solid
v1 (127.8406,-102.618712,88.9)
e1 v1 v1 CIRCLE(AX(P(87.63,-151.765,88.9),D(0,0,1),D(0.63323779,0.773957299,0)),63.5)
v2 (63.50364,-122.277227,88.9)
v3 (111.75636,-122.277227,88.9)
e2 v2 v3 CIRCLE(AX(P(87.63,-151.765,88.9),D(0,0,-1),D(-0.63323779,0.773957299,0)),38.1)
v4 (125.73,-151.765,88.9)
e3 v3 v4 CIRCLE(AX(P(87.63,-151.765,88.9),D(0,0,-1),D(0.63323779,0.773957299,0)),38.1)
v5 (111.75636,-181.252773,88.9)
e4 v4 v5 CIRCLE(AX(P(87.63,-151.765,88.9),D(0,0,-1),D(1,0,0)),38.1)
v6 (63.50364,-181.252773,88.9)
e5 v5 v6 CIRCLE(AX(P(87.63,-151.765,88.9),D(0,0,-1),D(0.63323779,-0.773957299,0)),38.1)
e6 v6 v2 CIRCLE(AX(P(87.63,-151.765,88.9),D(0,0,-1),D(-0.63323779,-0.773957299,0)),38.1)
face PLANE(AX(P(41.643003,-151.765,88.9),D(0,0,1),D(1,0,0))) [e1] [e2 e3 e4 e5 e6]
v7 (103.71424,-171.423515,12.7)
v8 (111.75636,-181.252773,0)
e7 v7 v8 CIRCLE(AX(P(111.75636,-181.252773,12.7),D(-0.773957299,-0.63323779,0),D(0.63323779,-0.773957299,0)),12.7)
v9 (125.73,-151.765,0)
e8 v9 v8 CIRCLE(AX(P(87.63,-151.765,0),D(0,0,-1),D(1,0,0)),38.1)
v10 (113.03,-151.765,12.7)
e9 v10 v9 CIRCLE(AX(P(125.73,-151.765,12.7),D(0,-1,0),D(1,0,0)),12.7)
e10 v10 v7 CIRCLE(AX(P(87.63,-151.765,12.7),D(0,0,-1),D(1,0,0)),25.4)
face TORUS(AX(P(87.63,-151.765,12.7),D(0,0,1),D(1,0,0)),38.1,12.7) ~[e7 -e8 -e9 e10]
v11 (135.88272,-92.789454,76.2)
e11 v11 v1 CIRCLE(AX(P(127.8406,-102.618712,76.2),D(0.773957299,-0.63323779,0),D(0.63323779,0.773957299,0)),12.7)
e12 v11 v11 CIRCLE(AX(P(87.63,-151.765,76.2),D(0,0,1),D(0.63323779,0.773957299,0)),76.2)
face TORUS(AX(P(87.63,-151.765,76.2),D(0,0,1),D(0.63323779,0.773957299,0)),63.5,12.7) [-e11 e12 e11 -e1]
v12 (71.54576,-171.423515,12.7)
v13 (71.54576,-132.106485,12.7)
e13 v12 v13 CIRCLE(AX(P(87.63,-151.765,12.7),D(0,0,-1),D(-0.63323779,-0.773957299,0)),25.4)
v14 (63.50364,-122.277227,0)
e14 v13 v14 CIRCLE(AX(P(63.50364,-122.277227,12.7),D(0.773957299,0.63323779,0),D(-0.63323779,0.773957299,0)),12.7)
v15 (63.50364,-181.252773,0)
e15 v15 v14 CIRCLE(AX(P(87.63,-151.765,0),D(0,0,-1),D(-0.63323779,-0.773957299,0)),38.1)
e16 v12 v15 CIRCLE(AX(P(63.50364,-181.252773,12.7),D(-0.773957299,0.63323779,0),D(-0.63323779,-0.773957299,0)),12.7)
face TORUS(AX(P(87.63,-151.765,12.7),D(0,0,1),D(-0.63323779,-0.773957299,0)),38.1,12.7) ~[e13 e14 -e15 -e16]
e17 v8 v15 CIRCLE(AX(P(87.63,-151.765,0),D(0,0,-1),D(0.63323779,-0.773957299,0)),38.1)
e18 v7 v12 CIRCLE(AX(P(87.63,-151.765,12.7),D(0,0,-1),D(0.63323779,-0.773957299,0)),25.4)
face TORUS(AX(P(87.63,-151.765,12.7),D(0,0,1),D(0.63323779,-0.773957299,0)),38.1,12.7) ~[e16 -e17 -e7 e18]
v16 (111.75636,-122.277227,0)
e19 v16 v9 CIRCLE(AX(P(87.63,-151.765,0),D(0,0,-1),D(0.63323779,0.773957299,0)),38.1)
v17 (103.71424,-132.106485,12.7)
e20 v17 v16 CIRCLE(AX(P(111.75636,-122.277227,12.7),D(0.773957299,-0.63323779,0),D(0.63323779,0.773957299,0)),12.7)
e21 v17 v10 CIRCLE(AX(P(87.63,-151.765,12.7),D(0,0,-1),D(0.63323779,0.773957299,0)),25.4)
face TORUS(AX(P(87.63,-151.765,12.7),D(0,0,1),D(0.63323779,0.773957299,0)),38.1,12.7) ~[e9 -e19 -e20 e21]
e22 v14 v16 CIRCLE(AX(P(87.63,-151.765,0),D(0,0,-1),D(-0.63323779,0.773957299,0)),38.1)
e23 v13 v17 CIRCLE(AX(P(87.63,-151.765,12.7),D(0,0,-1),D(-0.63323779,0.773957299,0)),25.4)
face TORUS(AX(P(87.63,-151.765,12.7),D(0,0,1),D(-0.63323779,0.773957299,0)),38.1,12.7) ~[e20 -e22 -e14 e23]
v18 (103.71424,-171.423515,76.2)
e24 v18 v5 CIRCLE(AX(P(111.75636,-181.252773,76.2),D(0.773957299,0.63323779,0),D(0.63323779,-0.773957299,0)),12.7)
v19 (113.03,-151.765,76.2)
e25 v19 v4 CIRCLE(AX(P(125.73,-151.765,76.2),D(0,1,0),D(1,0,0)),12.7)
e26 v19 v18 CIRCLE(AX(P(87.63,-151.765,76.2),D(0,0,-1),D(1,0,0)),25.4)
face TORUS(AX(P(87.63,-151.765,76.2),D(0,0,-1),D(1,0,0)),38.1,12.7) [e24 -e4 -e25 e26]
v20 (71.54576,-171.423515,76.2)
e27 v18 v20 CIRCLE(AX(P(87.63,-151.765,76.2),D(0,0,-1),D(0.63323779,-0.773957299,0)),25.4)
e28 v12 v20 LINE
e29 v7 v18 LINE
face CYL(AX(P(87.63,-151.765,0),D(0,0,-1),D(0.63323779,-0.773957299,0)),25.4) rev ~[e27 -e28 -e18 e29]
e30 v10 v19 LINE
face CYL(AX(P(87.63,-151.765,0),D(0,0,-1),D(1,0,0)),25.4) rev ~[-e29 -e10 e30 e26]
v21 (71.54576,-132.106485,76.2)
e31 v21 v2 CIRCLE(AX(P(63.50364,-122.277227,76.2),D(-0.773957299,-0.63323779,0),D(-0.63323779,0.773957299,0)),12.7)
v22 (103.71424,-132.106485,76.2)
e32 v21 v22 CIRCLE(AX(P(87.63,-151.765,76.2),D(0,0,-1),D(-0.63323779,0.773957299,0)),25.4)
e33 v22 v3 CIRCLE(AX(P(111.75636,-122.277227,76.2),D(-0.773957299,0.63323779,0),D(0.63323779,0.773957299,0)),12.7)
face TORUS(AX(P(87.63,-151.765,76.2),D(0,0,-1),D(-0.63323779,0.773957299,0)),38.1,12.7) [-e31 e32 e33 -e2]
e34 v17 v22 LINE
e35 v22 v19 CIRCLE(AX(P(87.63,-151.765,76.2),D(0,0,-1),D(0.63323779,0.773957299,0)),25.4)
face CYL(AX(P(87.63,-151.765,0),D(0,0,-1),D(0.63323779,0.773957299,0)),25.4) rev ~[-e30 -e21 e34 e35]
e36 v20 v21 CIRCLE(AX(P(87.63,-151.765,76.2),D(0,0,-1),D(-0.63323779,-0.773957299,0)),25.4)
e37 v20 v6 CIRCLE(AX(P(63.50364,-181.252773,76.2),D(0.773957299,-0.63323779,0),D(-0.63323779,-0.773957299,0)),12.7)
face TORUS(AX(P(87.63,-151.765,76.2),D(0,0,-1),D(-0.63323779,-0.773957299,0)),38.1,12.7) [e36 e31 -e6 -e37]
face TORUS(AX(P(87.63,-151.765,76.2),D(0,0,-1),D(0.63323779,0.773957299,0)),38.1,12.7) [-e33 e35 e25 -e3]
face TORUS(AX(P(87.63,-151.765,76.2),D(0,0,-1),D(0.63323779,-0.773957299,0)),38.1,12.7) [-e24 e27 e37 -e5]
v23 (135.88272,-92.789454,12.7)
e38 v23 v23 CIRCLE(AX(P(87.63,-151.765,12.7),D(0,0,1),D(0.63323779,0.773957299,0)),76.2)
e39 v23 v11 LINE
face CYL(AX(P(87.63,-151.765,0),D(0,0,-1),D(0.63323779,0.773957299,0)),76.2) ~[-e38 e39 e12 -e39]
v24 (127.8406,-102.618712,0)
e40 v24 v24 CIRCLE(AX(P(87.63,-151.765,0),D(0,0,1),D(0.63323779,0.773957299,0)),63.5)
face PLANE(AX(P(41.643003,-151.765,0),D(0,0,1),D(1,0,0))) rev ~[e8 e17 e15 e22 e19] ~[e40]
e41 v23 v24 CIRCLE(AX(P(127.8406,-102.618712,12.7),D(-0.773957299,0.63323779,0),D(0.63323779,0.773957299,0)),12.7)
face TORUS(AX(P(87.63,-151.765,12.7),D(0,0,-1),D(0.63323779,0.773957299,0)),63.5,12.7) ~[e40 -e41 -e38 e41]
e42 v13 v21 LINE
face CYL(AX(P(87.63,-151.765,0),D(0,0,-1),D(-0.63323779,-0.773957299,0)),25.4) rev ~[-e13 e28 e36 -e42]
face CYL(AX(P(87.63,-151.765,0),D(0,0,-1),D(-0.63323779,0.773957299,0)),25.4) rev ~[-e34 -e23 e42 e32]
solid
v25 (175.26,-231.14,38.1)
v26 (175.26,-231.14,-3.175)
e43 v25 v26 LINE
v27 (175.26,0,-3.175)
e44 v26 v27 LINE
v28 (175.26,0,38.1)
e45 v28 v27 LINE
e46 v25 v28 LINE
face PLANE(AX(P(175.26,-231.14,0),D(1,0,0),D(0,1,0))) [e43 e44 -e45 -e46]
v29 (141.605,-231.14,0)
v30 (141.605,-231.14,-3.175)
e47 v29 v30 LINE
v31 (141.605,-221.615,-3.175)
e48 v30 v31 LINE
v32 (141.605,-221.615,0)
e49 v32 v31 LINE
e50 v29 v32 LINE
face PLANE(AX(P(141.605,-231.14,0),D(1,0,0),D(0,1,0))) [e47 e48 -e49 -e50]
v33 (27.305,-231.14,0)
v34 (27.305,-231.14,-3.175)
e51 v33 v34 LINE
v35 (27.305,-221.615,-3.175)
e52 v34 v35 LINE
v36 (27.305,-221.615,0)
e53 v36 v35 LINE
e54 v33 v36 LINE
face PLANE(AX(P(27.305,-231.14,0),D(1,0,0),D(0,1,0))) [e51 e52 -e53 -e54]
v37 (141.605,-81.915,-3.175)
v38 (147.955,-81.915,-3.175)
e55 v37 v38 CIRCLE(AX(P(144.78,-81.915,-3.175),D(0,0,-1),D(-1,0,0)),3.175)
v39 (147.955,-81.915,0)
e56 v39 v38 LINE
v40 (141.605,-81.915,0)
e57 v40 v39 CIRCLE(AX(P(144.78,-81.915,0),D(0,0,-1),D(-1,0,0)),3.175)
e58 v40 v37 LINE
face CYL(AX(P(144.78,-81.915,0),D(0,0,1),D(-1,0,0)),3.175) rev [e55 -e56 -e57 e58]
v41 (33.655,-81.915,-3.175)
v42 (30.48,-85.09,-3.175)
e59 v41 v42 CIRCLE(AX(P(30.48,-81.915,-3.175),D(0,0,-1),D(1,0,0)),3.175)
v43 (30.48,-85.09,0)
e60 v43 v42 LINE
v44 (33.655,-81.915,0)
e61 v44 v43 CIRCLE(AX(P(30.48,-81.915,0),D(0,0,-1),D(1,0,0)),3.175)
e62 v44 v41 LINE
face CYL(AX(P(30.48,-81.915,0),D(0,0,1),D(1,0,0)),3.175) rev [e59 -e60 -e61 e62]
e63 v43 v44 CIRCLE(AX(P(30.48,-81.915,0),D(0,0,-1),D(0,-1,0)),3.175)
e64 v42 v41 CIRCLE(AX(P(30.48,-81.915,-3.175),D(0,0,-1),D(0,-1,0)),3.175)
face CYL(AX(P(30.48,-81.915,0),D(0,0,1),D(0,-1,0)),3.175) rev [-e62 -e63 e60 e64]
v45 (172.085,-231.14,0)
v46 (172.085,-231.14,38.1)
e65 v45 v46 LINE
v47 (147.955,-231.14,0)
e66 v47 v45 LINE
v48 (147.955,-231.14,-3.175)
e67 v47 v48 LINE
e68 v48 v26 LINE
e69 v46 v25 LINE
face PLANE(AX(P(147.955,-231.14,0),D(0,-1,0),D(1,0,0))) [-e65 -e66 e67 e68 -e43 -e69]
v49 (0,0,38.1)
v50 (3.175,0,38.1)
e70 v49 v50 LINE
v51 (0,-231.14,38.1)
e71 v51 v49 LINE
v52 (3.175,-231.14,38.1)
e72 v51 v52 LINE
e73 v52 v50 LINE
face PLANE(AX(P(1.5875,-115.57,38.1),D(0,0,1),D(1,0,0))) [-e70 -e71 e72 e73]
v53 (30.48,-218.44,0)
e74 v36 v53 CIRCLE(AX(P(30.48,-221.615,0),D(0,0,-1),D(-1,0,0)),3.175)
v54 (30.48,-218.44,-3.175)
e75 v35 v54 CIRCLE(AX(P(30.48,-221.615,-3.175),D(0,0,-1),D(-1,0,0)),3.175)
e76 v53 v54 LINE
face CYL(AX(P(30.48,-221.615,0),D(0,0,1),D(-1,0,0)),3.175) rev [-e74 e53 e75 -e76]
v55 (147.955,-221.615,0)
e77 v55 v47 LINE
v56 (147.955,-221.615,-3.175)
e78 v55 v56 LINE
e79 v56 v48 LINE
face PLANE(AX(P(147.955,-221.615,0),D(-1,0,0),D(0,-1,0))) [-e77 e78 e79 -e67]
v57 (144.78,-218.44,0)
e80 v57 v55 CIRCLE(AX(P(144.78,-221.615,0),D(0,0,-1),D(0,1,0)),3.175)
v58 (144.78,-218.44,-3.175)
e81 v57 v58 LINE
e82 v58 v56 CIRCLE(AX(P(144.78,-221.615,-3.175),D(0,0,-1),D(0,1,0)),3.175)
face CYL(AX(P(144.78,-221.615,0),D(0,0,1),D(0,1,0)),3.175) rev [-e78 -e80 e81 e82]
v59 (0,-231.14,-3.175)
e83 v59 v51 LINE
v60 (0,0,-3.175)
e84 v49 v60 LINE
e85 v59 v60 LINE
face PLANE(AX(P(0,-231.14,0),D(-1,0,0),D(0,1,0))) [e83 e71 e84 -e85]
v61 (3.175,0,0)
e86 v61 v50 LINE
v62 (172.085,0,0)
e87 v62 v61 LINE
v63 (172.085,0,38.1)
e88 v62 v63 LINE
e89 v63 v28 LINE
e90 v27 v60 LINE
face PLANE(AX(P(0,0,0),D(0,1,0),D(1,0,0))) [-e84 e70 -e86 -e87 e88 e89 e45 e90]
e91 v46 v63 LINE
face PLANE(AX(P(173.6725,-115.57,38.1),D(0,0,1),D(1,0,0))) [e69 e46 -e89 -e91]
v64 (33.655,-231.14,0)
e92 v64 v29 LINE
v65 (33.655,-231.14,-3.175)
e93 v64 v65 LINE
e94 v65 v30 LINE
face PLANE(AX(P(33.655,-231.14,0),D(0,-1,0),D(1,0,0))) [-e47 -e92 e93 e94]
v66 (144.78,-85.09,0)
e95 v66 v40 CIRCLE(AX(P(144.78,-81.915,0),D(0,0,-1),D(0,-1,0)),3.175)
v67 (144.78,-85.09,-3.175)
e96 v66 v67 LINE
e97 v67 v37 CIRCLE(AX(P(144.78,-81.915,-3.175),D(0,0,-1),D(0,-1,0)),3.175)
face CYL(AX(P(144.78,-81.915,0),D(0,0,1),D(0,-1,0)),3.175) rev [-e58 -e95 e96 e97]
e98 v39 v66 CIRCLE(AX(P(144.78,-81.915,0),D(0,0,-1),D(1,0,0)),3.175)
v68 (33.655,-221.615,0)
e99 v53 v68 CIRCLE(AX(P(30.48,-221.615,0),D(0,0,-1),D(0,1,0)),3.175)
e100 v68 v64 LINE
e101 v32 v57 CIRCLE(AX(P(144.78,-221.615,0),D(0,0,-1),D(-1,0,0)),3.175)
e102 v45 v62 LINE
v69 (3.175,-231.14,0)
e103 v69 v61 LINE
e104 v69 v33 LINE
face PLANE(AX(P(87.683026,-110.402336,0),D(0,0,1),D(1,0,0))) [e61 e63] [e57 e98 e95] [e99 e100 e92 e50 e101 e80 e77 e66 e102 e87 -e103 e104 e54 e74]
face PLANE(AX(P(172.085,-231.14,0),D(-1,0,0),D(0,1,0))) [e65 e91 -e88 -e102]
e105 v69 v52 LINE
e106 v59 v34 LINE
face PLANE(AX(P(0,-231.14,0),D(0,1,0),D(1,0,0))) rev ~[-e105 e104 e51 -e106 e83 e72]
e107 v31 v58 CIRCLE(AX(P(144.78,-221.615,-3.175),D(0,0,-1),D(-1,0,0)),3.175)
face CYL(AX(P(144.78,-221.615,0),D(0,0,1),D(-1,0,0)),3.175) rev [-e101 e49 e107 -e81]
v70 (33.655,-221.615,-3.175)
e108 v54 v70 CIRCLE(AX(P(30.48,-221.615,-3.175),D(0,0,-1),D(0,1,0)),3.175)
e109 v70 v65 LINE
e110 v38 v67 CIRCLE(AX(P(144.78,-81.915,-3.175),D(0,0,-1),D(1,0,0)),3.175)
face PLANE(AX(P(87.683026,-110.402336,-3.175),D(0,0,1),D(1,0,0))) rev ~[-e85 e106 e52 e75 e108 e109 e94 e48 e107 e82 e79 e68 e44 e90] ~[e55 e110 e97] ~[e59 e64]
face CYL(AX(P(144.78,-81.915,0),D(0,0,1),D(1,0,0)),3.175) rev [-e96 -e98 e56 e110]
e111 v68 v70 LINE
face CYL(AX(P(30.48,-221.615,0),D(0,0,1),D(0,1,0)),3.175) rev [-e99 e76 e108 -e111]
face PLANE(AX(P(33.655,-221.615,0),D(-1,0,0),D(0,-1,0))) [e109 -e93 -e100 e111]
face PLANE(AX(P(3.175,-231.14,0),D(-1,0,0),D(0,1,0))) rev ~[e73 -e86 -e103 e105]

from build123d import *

# Parameters (mm, degrees)
F0_W     = 3.175
F0_H     = 231.14
F1_DEPTH = 3.175
F2_DEPTH = 38.1
F4_DEPTH = 88.9
F5_R     = 12.7


with BuildPart() as f1:
    # F0 (on Top) → F1 (new body)
    with BuildSketch(Plane.XY):
        with BuildLine():
            Line((172.085, 0), (3.175, 0))
            Line((3.175, 0), (3.175, -231.14))
            Line((3.175, -231.14), (27.305, -231.14))
            Line((27.305, -231.14), (27.305, -221.615))
            ThreePointArc((27.305, -221.615), (28.2349359697, -219.3699359697), (30.48, -218.44))
            Line((30.48, -218.44), (30.48, -85.09))
            ThreePointArc((30.48, -85.09), (28.2349359697, -79.6699359697), (33.655, -81.915))
            Line((33.655, -81.915), (87.63, -81.915))
            Line((87.63, -81.915), (141.605, -81.915))
            ThreePointArc((141.605, -81.915), (144.78, -78.74), (147.955, -81.915))
            ThreePointArc((147.955, -81.915), (147.0250640303, -84.1600640303), (144.78, -85.09))
            Line((144.78, -85.09), (144.78, -218.44))
            ThreePointArc((144.78, -218.44), (147.0250640303, -219.3699359697), (147.955, -221.615))
            Line((147.955, -221.615), (147.955, -231.14))
            Line((147.955, -231.14), (172.085, -231.14))
            Line((172.085, -231.14), (172.085, 0))
        make_face()
        with BuildLine():
            Line((30.48, -85.09), (30.48, -218.44))
            ThreePointArc((30.48, -218.44), (32.7250640303, -219.3699359697), (33.655, -221.615))
            Line((33.655, -221.615), (87.63, -221.615))
            Line((87.63, -221.615), (87.63, -81.915))
            Line((87.63, -81.915), (33.655, -81.915))
            ThreePointArc((33.655, -81.915), (32.7250640303, -84.1600640303), (30.48, -85.09))
        make_face()
        with BuildLine():
            ThreePointArc((141.605, -221.615), (142.5349359697, -219.3699359697), (144.78, -218.44))
            Line((144.78, -218.44), (144.78, -85.09))
            ThreePointArc((144.78, -85.09), (142.5349359697, -84.1600640303), (141.605, -81.915))
            Line((141.605, -81.915), (87.63, -81.915))
            Line((87.63, -81.915), (87.63, -221.615))
            Line((87.63, -221.615), (141.605, -221.615))
        make_face()
        with Locations((1.5875, -115.57)):
            Rectangle(F0_W, F0_H)
        with Locations((173.6725, -115.57)):
            Rectangle(F0_W, F0_H)
        Polygon((87.63, -221.615), (33.655, -221.615), (33.655, -231.14), (141.605, -231.14), (141.605, -221.615), align=None)
    extrude(amount=-F1_DEPTH)

    # F0 (on Top) → F2 (join)
    with BuildSketch(Plane.XY):
        with Locations((1.5875, -115.57)):
            Rectangle(F0_W, F0_H)
        with Locations((173.6725, -115.57)):
            Rectangle(F0_W, F0_H)
    extrude(amount=F2_DEPTH)


with BuildPart() as f4:
    # F3 (on face) → F4 (new body)
    with BuildSketch(Plane.XY):
        with BuildLine():
            Line((71.5457601275, -132.1064846002), (39.3772803824, -92.7894538007))
            ThreePointArc((39.3772803824, -92.7894538007), (11.43, -151.765), (39.3772803824, -210.7405461993))
            Line((39.3772803824, -210.7405461993), (71.5457601275, -171.4235153998))
            ThreePointArc((71.5457601275, -171.4235153998), (62.23, -151.765), (71.5457601275, -132.1064846002))
        make_face()
        with BuildLine():
            ThreePointArc((135.8827196176, -92.7894538007), (87.63, -75.565), (39.3772803824, -92.7894538007))
            Line((39.3772803824, -92.7894538007), (71.5457601275, -132.1064846002))
            ThreePointArc((71.5457601275, -132.1064846002), (87.63, -126.365), (103.7142398725, -132.1064846002))
            Line((103.7142398725, -132.1064846002), (135.8827196176, -92.7894538007))
        make_face()
        with BuildLine():
            ThreePointArc((163.83, -151.765), (156.489629809, -119.1338586996), (135.8827196176, -92.7894538007))
            Line((135.8827196176, -92.7894538007), (103.7142398725, -132.1064846002))
            ThreePointArc((103.7142398725, -132.1064846002), (110.5832099363, -140.8879528999), (113.03, -151.765))
            ThreePointArc((113.03, -151.765), (110.5832099363, -162.6420471001), (103.7142398725, -171.4235153998))
            Line((103.7142398725, -171.4235153998), (135.8827196176, -210.7405461993))
            ThreePointArc((135.8827196176, -210.7405461993), (156.489629809, -184.3961413004), (163.83, -151.765))
        make_face()
        with BuildLine():
            Line((71.5457601275, -171.4235153998), (39.3772803824, -210.7405461993))
            ThreePointArc((39.3772803824, -210.7405461993), (87.63, -227.965), (135.8827196176, -210.7405461993))
            Line((135.8827196176, -210.7405461993), (103.7142398725, -171.4235153998))
            ThreePointArc((103.7142398725, -171.4235153998), (87.63, -177.165), (71.5457601275, -171.4235153998))
        make_face()
    extrude(amount=F4_DEPTH)

    # F5
    f5_edges = [f4.edges().sort_by_distance(p)[0] for p in [
        (135.88272, -92.789454, 88.9),
        (71.54576, -132.106485, 88.9),
        (135.88272, -92.789454, 0),
        (71.54576, -132.106485, 0),
    ]]
    fillet(f5_edges, radius=F5_R)


solid = Compound([f1.part, f4.part])
